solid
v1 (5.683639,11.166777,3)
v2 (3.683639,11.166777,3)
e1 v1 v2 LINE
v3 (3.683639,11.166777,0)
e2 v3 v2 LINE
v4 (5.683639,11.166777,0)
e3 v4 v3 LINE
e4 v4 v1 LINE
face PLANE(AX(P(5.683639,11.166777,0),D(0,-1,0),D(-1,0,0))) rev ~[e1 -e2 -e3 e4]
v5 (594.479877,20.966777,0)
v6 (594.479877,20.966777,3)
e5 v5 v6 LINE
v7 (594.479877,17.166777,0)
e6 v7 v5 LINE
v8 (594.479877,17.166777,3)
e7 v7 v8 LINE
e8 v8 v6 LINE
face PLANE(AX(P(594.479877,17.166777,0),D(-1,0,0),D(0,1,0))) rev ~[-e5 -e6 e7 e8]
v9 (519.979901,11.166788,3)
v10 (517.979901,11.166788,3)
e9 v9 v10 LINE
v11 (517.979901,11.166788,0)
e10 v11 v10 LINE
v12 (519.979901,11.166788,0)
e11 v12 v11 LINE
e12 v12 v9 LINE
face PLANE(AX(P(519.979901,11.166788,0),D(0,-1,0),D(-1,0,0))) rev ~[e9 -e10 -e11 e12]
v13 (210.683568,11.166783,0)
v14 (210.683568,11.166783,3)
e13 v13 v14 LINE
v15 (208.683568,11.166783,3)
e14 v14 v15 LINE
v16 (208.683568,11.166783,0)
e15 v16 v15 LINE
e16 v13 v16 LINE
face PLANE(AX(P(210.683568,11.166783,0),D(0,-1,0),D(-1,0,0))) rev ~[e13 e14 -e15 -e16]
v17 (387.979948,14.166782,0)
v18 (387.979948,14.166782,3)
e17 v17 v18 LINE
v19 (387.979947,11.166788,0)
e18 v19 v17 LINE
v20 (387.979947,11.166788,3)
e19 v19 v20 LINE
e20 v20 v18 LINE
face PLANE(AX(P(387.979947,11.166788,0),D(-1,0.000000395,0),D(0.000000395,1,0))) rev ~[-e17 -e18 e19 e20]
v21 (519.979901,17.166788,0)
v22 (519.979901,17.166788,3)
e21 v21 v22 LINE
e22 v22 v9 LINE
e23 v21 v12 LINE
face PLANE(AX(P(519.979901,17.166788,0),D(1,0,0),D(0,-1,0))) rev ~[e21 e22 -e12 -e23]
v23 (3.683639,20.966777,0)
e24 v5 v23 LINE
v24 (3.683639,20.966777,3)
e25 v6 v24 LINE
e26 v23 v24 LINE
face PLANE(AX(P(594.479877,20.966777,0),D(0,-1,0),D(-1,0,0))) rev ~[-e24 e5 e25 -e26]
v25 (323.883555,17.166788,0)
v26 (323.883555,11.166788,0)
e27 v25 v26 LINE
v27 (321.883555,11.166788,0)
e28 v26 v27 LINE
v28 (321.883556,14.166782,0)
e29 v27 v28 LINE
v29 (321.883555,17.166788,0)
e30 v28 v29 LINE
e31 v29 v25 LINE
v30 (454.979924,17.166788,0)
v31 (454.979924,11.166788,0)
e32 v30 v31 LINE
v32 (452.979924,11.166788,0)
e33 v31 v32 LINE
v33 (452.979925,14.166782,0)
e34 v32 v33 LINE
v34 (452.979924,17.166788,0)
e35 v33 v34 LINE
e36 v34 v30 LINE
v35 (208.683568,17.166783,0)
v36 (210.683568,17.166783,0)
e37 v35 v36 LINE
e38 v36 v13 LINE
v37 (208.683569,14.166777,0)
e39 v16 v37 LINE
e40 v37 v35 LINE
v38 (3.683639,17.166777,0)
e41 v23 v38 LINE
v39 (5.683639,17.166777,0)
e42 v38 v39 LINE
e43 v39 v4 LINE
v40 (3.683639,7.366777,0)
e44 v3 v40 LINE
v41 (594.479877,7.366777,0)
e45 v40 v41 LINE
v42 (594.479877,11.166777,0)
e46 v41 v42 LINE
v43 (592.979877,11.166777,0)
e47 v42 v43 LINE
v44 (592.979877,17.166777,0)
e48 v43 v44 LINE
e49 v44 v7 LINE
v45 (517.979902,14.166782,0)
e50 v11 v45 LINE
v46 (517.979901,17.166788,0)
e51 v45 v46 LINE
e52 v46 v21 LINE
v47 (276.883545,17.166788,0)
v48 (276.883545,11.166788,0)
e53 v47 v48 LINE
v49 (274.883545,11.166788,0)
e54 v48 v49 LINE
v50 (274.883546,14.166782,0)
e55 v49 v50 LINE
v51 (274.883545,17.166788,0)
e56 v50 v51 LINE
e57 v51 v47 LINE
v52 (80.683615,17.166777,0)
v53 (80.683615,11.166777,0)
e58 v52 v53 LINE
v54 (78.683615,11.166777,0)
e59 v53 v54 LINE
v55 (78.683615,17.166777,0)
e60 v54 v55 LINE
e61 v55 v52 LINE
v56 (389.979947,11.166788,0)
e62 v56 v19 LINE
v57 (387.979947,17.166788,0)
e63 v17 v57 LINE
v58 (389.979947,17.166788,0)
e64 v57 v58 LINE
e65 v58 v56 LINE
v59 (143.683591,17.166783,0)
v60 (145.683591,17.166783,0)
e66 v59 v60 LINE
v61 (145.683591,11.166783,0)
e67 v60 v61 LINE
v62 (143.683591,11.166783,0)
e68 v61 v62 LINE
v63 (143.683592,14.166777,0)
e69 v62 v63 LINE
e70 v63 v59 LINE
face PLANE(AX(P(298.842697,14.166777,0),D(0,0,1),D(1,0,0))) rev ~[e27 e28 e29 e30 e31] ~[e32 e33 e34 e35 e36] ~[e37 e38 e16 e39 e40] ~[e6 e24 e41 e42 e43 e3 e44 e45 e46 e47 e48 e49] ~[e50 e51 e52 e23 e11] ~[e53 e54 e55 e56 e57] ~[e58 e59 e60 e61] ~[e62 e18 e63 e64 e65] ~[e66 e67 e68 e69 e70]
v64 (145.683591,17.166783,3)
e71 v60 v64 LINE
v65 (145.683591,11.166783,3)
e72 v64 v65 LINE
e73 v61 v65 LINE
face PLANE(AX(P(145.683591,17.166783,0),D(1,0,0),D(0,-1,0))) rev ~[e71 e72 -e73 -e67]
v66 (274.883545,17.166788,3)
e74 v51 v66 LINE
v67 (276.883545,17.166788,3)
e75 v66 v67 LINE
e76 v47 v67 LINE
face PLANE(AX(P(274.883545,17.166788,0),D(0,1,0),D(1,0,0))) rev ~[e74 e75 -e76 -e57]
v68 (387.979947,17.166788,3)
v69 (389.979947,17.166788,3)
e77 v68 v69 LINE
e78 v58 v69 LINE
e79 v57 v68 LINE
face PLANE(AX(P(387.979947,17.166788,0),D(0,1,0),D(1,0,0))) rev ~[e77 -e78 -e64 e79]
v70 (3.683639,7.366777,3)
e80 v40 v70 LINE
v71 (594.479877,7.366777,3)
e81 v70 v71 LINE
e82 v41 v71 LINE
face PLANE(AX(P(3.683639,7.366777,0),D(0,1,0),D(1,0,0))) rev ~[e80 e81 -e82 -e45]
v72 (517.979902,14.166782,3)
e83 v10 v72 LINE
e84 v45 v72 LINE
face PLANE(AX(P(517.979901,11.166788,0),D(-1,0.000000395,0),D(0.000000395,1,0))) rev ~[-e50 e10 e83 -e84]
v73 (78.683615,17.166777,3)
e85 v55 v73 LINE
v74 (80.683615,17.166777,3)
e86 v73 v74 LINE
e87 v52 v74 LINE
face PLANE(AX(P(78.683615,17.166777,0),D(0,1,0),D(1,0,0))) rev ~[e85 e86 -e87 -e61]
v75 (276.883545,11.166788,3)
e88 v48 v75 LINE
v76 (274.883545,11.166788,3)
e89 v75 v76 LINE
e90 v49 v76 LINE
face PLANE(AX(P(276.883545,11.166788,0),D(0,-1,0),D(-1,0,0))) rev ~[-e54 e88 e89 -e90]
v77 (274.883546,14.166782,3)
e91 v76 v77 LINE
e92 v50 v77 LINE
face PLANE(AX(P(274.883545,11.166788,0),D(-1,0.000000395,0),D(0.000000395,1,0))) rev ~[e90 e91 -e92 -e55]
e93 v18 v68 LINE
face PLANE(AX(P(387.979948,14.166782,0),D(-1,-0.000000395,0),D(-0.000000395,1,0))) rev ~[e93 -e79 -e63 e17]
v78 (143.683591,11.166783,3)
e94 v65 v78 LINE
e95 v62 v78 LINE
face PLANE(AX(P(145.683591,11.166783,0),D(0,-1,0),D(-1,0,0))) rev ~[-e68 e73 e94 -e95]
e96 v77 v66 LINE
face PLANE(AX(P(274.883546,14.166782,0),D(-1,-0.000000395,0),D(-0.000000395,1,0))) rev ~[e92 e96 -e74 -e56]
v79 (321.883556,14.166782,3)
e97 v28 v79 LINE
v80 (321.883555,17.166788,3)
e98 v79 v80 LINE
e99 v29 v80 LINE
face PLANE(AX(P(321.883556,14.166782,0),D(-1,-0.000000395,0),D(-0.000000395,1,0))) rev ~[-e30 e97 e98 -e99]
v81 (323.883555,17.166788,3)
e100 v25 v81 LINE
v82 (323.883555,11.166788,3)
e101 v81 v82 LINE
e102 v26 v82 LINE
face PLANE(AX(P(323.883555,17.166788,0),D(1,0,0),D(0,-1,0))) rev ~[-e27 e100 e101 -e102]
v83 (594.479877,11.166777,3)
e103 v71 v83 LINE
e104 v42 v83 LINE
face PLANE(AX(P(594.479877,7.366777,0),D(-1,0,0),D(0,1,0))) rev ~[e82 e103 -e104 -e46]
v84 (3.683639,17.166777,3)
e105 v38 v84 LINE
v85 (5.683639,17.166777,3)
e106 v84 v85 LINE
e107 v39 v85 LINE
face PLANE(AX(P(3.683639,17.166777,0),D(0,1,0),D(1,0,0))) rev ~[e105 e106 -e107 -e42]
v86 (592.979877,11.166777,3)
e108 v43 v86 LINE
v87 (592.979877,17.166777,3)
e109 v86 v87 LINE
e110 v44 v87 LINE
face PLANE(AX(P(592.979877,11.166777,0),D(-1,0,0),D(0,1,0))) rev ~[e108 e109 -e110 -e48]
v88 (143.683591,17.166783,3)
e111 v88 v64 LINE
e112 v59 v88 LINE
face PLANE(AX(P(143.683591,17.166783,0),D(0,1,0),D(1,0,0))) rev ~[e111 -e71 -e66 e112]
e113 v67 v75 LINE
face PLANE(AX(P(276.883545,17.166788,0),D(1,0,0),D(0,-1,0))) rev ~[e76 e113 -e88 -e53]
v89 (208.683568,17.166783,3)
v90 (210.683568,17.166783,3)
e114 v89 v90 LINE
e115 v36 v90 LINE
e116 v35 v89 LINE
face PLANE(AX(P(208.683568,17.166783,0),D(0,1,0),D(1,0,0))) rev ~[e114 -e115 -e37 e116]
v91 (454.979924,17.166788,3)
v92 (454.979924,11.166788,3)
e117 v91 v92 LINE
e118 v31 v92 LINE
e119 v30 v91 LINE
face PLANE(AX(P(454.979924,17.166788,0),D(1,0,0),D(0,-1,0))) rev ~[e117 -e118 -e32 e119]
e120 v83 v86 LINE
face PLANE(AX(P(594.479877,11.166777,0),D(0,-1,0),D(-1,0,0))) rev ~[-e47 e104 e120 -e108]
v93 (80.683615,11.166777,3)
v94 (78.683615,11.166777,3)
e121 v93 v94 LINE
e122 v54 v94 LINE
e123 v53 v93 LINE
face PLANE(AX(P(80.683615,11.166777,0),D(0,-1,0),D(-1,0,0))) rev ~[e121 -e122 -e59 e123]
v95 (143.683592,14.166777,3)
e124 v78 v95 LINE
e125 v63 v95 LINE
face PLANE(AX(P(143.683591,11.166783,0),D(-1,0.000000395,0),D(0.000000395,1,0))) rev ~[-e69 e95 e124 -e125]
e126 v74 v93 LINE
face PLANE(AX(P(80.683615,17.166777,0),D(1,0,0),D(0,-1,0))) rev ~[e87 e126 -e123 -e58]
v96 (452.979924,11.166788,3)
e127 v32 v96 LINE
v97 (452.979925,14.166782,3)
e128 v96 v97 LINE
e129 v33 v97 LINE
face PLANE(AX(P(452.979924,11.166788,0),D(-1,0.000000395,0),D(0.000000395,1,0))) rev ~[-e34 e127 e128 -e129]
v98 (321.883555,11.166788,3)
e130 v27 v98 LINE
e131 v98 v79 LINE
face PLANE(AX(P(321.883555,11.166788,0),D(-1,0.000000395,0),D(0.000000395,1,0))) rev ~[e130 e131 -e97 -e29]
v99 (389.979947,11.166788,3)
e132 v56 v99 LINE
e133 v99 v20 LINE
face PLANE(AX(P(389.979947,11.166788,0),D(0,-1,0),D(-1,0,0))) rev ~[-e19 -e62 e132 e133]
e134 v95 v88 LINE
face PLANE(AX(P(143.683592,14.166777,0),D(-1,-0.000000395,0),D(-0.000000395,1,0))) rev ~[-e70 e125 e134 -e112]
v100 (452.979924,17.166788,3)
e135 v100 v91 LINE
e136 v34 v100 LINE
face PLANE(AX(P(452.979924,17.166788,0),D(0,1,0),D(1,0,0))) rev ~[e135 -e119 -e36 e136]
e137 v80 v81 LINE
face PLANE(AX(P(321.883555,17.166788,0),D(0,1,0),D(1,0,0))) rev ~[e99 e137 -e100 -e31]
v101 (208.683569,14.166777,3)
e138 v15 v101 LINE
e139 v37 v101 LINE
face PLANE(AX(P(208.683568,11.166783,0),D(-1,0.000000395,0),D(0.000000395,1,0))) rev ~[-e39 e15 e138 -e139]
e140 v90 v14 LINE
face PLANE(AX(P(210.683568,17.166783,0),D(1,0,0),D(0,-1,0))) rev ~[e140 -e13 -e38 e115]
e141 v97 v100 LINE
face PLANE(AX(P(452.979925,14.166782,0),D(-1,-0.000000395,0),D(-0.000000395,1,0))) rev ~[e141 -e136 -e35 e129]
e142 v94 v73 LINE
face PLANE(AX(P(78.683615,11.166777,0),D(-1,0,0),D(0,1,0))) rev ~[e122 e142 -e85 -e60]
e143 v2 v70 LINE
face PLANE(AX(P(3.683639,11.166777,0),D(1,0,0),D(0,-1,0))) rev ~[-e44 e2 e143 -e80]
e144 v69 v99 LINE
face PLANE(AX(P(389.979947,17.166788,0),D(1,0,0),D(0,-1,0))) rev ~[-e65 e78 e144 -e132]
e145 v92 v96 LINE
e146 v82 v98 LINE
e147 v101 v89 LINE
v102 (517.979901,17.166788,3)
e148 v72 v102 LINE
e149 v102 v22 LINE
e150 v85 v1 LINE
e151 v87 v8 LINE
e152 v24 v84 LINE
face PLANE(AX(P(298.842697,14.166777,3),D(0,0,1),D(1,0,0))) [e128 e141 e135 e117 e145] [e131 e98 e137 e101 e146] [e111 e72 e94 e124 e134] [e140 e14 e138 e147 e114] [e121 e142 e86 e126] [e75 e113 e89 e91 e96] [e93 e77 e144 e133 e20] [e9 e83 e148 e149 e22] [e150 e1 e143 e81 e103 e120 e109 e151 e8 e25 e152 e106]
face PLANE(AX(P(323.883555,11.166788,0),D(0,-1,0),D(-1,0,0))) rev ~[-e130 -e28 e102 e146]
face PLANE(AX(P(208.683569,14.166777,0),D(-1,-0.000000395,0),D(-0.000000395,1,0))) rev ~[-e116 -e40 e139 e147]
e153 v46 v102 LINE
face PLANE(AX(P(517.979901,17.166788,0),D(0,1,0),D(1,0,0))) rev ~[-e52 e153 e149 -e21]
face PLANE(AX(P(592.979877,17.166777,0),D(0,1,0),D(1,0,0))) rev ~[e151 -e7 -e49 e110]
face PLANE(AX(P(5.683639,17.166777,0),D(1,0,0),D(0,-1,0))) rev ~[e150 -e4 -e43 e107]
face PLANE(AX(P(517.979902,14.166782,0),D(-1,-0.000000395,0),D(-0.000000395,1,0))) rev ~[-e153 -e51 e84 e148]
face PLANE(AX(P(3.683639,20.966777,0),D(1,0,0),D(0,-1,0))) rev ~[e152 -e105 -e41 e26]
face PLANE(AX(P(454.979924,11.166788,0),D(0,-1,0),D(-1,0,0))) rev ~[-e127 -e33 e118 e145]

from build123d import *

# Parameters (mm, degrees)
EXTRUDE_1_DEPTH = 3


with BuildPart() as part:
    # Model → 凸台-拉伸1 (new body)
    with BuildSketch(Plane.XY):
        Polygon((594.4798768, 20.966777044), (3.683638592, 20.966777044), (3.683638592, 17.166777044), (5.683638592, 17.166777044), (5.683638592, 11.166777044), (3.683638592, 11.166777044), (3.683638592, 7.366777044), (594.4798768, 7.366777044), (594.4798768, 11.166777044), (592.9798768, 11.166777044), (592.9798768, 17.166777044), (594.4798768, 17.166777044), align=None)
        Polygon((78.683615423, 14.166777044), (78.683615423, 17.166777044), (80.683615423, 17.166777044), (80.683615423, 11.166777044), (78.683615423, 11.166777044), align=None, mode=Mode.SUBTRACT)
        Polygon((143.683592254, 14.166777044), (143.68359107, 17.166782765), (145.68359107, 17.166782765), (145.68359107, 11.166782765), (143.68359107, 11.166782765), align=None, mode=Mode.SUBTRACT)
        Polygon((208.683569086, 14.166777044), (208.683567901, 17.166782765), (210.683567901, 17.166782765), (210.683567901, 11.166782765), (208.683567901, 11.166782765), align=None, mode=Mode.SUBTRACT)
        Polygon((274.88354608, 14.166781952), (274.883544895, 17.166787672), (276.883544895, 17.166787672), (276.883544895, 11.166787672), (274.883544895, 11.166787672), align=None, mode=Mode.SUBTRACT)
        Polygon((321.883556192, 14.166781952), (321.883555007, 17.166787672), (323.883555007, 17.166787672), (323.883555007, 11.166787672), (321.883555007, 11.166787672), align=None, mode=Mode.SUBTRACT)
        Polygon((387.9799484, 14.166781952), (387.979947216, 17.166787672), (389.979947216, 17.166787672), (389.979947216, 11.166787672), (387.979947216, 11.166787672), align=None, mode=Mode.SUBTRACT)
        Polygon((452.979925232, 14.166781952), (452.979924047, 17.166787672), (454.979924047, 17.166787672), (454.979924047, 11.166787672), (452.979924047, 11.166787672), align=None, mode=Mode.SUBTRACT)
        Polygon((517.979902063, 14.166781952), (517.979900879, 17.166787672), (519.979900879, 17.166787672), (519.979900879, 11.166787672), (517.979900879, 11.166787672), align=None, mode=Mode.SUBTRACT)
    extrude(amount=EXTRUDE_1_DEPTH)


solid = part.part
